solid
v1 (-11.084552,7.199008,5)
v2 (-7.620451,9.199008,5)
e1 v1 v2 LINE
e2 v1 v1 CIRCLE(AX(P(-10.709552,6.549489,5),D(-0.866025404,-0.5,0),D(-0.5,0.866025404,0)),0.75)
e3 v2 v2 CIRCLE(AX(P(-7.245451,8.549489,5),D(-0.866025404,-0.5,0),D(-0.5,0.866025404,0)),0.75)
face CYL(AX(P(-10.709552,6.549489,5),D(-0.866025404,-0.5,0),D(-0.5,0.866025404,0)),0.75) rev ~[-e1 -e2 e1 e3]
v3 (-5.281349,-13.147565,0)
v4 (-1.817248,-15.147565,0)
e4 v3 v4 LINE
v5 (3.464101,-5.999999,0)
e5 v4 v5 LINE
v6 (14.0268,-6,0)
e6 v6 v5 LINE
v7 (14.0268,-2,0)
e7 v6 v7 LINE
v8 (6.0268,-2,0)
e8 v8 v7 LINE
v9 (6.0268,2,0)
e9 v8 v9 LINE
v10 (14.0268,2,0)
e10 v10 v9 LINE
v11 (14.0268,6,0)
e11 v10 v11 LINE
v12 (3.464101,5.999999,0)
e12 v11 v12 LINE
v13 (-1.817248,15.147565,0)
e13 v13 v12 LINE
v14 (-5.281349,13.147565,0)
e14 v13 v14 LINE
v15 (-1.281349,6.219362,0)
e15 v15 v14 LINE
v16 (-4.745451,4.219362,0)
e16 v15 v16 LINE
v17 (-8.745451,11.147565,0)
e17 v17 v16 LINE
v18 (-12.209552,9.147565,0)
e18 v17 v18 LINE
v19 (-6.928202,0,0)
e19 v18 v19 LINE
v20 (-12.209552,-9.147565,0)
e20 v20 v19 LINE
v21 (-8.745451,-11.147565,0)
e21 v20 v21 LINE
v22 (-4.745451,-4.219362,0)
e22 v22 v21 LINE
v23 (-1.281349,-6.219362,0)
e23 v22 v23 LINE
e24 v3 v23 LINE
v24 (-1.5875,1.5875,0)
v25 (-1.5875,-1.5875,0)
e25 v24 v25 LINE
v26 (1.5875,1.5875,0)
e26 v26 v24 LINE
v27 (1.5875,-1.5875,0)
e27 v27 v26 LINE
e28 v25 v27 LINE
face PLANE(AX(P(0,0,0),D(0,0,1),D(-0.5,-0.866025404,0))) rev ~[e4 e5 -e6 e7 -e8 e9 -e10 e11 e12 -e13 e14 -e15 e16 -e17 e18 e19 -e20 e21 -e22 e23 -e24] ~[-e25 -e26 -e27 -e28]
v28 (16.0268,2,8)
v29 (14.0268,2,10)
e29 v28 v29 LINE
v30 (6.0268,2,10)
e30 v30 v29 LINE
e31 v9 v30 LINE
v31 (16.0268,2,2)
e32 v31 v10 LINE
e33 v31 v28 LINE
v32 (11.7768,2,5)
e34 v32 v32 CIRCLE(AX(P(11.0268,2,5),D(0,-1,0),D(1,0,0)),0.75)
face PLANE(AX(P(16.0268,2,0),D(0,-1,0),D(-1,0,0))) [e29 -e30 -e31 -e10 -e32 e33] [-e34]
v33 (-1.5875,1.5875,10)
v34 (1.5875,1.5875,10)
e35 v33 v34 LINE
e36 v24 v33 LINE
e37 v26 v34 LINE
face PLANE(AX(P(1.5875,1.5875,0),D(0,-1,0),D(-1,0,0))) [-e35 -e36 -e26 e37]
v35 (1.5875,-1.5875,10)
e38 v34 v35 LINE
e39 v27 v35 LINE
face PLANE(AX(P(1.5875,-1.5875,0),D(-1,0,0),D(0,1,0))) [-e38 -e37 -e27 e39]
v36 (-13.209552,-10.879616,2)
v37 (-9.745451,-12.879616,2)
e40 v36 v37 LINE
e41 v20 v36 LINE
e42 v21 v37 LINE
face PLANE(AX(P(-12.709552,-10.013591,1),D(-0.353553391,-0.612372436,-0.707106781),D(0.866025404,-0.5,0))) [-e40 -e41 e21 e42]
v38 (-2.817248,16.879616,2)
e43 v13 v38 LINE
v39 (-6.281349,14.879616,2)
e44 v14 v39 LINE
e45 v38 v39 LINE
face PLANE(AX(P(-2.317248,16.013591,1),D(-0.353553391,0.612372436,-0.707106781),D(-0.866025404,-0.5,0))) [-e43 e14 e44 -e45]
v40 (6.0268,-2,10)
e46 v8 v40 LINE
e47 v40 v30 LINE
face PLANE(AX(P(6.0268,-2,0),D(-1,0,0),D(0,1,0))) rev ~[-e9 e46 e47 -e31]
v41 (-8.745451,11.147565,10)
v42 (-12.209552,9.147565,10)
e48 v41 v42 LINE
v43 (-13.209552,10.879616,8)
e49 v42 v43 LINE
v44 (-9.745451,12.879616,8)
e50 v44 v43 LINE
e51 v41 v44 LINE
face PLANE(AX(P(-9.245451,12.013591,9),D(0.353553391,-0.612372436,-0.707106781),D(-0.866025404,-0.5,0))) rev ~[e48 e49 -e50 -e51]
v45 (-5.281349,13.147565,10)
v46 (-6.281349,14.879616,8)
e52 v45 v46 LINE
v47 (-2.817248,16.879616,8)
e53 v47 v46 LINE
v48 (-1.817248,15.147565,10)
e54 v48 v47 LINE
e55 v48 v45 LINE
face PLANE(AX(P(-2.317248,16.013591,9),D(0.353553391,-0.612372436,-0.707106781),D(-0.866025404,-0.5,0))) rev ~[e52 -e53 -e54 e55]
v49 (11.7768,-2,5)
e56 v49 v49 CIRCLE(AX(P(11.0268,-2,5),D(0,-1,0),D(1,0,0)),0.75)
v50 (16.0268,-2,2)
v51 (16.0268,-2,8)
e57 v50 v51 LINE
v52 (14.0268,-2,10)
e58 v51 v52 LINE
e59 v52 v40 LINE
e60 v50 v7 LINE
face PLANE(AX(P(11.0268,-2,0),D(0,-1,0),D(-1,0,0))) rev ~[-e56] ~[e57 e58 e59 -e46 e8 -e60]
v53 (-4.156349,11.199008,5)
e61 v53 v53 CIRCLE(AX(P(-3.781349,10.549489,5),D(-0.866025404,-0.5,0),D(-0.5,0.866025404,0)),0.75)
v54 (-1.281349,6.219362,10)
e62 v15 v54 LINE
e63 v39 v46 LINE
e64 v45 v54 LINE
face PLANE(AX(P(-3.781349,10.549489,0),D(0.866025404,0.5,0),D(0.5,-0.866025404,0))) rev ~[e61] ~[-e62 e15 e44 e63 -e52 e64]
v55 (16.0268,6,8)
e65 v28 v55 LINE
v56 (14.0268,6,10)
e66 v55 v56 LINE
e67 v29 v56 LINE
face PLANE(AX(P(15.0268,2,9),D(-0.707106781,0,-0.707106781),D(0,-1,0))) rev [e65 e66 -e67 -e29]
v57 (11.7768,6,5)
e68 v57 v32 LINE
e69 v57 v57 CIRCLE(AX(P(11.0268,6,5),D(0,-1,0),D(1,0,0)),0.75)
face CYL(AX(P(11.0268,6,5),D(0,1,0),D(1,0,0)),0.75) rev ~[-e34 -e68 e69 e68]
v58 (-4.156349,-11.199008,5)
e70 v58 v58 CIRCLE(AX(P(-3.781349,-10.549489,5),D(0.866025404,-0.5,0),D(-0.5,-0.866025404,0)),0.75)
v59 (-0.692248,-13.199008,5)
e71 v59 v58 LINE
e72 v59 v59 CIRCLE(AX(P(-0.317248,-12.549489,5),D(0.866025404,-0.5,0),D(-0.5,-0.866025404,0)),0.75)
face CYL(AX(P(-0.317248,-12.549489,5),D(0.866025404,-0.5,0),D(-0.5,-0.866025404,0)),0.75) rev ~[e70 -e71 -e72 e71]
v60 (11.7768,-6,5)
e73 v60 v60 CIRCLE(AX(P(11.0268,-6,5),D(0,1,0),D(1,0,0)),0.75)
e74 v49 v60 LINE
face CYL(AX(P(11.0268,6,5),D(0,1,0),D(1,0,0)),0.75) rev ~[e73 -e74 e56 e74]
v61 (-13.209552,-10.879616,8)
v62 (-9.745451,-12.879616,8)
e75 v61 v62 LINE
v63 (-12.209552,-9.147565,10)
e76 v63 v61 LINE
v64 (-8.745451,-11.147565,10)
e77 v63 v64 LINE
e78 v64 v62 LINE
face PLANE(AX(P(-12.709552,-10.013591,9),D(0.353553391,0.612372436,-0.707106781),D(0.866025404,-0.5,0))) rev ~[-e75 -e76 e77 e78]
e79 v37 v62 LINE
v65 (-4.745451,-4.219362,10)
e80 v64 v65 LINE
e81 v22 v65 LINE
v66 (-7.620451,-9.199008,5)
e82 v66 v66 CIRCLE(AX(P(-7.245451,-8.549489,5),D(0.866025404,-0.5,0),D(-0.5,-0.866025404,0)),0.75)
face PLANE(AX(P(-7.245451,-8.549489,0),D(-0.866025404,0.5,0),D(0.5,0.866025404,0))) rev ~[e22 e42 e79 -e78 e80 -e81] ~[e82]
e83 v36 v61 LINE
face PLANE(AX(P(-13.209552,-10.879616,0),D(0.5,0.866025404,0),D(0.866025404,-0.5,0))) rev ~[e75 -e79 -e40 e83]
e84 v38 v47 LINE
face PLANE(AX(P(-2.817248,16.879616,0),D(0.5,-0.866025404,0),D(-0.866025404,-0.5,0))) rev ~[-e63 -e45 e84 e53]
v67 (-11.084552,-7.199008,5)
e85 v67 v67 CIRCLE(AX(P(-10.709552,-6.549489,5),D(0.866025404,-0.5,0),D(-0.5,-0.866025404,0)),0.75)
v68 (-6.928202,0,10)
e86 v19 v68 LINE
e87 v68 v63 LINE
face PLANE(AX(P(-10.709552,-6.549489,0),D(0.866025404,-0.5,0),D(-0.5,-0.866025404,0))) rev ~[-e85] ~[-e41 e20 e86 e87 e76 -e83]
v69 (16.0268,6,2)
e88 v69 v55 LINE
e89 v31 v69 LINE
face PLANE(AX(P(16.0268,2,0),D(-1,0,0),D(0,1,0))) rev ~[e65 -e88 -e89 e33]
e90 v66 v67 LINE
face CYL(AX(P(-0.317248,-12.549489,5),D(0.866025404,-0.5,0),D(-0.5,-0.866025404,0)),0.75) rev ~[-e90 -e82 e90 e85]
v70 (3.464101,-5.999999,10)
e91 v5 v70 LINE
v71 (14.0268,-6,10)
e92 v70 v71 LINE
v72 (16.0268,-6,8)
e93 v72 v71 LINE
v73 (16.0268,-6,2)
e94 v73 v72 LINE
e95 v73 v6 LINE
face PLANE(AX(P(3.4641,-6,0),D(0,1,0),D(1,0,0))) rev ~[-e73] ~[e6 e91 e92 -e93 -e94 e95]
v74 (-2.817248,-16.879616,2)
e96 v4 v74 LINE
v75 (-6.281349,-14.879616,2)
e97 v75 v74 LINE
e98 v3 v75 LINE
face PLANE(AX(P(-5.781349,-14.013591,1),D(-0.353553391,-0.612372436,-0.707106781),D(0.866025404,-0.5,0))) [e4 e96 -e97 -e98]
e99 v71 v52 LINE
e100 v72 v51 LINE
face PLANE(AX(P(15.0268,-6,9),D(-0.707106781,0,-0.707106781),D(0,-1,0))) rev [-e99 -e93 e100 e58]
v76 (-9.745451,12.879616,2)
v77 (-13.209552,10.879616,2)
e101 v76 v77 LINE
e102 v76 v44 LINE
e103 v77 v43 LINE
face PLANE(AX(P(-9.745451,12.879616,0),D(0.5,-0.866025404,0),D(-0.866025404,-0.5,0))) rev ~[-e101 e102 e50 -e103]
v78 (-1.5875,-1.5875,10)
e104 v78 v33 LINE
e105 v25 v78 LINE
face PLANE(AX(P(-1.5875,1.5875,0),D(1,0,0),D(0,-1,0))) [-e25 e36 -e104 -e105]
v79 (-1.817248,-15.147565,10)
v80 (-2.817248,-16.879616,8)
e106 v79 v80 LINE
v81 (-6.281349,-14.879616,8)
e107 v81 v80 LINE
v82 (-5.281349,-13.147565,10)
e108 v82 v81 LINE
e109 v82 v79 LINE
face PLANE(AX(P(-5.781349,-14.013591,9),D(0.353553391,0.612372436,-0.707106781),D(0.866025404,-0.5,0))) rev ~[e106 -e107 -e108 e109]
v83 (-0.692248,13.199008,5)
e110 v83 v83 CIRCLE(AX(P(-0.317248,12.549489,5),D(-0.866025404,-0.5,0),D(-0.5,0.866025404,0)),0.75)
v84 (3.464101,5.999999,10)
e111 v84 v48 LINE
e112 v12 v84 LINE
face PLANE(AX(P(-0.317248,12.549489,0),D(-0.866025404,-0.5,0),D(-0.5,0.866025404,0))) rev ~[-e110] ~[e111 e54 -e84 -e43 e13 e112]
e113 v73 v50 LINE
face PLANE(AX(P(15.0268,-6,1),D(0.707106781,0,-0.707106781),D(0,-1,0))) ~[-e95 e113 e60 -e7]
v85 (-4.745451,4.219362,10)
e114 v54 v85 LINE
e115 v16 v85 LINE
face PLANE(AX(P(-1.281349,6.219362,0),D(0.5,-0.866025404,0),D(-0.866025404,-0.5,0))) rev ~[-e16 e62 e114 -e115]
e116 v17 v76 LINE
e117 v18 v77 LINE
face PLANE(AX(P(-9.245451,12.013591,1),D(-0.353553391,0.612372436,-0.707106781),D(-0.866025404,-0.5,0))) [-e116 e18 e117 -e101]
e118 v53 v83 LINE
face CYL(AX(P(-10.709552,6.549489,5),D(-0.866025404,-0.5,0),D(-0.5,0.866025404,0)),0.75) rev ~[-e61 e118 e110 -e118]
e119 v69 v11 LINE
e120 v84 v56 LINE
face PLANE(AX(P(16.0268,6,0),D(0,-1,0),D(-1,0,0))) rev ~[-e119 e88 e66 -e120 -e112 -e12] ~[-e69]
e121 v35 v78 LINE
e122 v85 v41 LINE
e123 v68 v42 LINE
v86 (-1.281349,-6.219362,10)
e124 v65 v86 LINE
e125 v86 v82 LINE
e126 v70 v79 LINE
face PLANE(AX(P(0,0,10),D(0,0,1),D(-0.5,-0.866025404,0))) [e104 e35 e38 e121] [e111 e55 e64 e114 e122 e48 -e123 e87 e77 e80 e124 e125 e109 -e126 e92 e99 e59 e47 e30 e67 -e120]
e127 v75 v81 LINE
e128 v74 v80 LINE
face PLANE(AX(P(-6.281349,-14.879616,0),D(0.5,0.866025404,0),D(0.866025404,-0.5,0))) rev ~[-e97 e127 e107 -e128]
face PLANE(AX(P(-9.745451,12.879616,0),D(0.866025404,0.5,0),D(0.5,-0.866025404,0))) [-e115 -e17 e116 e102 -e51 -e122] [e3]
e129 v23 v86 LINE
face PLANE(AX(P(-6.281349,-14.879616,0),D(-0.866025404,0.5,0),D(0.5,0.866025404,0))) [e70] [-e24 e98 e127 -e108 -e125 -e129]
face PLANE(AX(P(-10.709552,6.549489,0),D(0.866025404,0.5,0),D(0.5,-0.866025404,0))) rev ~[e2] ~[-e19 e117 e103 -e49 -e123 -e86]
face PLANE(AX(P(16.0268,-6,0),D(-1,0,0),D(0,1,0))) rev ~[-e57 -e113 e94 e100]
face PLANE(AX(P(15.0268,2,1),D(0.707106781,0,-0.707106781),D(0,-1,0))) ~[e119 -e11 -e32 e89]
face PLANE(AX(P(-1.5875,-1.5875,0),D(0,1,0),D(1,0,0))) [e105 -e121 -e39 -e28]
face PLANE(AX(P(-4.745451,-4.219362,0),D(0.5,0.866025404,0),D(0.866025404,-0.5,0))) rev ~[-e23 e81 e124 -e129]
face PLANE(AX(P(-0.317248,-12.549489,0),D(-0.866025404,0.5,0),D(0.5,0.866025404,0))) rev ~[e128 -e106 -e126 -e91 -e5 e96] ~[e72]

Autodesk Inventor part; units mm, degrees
ref_plane "YZ Plane" through (0, 0, 0) normal (1, 0, 0) x (0, 1, 0)
ref_plane "XZ Plane" through (0, 0, 0) normal (0, 1, 0) x (-1, 0, 0)
ref_plane "XY Plane" through (0, 0, 0) normal (0, 0, 1) x (1, 0, 0)
sketch "Sketch1" plane through (0, 0, 0) normal (0, 0, 1) x (1, 0, 0)
  line L0 (3.4641, -6) -> (11.0268, -6)
  line L1 (11.0268, -2) -> (6.0268, -2)
  line L2 (6.0268, -2) -> (6.0268, 2)
  line L3 (6.0268, 2) -> (11.0268, 2)
  line L4 (11.0268, 6) -> (3.4641, 6)
  line L5 (16.0268, 2) -> (16.0268, 6)
  line L6 (16.0268, -6) -> (16.0268, -2)
  line L7 (16.0268, 6) -> (3.4641, 6)
  line L8 (3.4641, 6) -> (0, 0)
  line L9 (0, 0) -> (3.4641, -6)
  line L10 (3.4641, -6) -> (16.0268, -6)
  line L11 (16.0268, 2) -> (6.0268, 2)
  line L12 (6.0268, 2) -> (6.0268, -2)
  line L13 (6.0268, -2) -> (16.0268, -2)
  line L14 (16.0268, 6) -> (16.0268, 2)
  line L15 (16.0268, -2) -> (16.0268, -6)
  point P0 (0, 0)
  dimension "d8" = 10
  dimension "d9" = 10
extrude "Extrusion1" add sketch "Sketch1" along normal blind 10
chamfer "Chamfer2" distance 2 angle 45 4 edges at (16.0268, 4, 10) (16.0268, -4, 10) (16.0268, -4, 0) (16.0268, 4, 0)
sketch "Sketch3" plane through (3.4641, 6, 10) normal (0, 1, 0) x (1, 0, 0)
  line L0 (10.5627, 10) -> (0, 10) projected
  line L1 (12.5627, 8) -> (12.5627, 2) projected
  circle A0 centre (7.5627, 5) radius 0.75
  point P0 (-3.4641, 10)
  dimension "d13" = 1.5
  dimension "d14" = 5
  dimension "d15" = 5
extrude "Extrusion2" cut sketch "Sketch3" against normal blind 22.7
pattern_circular "Circular Pattern1" count 3 over 360 about axis through (0, 0, 0) along (0, 0, 1) of "Extrusion1", "Extrusion2", "Chamfer2"
sketch "Sketch4" plane through (0, 0, 10) normal (0, 0, 1) x (1, 0, 0)
  circle A0 centre (0, 0) radius 0.75
  dimension "d21" = 1.5
extrude "Extrusion3" cut sketch "Sketch4" against normal blind 8
sketch "Sketch6" plane through (0, 0, 0) normal (0, 0, -1) x (-1, 0, 0)
  line L0 (-1.5875, 1.5875) -> (1.5875, 1.5875)
  line L1 (1.5875, 1.5875) -> (1.5875, -1.5875)
  line L2 (1.5875, -1.5875) -> (-1.5875, -1.5875)
  line L3 (-1.5875, -1.5875) -> (-1.5875, 1.5875)
  point P0 (0, 0)
  dimension "d25" = 1.5875
  dimension "d26" = 3.175
  dimension "d27" = 3.175
  dimension "d28" = 1.5875
extrude "Extrusion4" cut sketch "Sketch6" against normal blind 11.1125
properties part number "Plunger2"
